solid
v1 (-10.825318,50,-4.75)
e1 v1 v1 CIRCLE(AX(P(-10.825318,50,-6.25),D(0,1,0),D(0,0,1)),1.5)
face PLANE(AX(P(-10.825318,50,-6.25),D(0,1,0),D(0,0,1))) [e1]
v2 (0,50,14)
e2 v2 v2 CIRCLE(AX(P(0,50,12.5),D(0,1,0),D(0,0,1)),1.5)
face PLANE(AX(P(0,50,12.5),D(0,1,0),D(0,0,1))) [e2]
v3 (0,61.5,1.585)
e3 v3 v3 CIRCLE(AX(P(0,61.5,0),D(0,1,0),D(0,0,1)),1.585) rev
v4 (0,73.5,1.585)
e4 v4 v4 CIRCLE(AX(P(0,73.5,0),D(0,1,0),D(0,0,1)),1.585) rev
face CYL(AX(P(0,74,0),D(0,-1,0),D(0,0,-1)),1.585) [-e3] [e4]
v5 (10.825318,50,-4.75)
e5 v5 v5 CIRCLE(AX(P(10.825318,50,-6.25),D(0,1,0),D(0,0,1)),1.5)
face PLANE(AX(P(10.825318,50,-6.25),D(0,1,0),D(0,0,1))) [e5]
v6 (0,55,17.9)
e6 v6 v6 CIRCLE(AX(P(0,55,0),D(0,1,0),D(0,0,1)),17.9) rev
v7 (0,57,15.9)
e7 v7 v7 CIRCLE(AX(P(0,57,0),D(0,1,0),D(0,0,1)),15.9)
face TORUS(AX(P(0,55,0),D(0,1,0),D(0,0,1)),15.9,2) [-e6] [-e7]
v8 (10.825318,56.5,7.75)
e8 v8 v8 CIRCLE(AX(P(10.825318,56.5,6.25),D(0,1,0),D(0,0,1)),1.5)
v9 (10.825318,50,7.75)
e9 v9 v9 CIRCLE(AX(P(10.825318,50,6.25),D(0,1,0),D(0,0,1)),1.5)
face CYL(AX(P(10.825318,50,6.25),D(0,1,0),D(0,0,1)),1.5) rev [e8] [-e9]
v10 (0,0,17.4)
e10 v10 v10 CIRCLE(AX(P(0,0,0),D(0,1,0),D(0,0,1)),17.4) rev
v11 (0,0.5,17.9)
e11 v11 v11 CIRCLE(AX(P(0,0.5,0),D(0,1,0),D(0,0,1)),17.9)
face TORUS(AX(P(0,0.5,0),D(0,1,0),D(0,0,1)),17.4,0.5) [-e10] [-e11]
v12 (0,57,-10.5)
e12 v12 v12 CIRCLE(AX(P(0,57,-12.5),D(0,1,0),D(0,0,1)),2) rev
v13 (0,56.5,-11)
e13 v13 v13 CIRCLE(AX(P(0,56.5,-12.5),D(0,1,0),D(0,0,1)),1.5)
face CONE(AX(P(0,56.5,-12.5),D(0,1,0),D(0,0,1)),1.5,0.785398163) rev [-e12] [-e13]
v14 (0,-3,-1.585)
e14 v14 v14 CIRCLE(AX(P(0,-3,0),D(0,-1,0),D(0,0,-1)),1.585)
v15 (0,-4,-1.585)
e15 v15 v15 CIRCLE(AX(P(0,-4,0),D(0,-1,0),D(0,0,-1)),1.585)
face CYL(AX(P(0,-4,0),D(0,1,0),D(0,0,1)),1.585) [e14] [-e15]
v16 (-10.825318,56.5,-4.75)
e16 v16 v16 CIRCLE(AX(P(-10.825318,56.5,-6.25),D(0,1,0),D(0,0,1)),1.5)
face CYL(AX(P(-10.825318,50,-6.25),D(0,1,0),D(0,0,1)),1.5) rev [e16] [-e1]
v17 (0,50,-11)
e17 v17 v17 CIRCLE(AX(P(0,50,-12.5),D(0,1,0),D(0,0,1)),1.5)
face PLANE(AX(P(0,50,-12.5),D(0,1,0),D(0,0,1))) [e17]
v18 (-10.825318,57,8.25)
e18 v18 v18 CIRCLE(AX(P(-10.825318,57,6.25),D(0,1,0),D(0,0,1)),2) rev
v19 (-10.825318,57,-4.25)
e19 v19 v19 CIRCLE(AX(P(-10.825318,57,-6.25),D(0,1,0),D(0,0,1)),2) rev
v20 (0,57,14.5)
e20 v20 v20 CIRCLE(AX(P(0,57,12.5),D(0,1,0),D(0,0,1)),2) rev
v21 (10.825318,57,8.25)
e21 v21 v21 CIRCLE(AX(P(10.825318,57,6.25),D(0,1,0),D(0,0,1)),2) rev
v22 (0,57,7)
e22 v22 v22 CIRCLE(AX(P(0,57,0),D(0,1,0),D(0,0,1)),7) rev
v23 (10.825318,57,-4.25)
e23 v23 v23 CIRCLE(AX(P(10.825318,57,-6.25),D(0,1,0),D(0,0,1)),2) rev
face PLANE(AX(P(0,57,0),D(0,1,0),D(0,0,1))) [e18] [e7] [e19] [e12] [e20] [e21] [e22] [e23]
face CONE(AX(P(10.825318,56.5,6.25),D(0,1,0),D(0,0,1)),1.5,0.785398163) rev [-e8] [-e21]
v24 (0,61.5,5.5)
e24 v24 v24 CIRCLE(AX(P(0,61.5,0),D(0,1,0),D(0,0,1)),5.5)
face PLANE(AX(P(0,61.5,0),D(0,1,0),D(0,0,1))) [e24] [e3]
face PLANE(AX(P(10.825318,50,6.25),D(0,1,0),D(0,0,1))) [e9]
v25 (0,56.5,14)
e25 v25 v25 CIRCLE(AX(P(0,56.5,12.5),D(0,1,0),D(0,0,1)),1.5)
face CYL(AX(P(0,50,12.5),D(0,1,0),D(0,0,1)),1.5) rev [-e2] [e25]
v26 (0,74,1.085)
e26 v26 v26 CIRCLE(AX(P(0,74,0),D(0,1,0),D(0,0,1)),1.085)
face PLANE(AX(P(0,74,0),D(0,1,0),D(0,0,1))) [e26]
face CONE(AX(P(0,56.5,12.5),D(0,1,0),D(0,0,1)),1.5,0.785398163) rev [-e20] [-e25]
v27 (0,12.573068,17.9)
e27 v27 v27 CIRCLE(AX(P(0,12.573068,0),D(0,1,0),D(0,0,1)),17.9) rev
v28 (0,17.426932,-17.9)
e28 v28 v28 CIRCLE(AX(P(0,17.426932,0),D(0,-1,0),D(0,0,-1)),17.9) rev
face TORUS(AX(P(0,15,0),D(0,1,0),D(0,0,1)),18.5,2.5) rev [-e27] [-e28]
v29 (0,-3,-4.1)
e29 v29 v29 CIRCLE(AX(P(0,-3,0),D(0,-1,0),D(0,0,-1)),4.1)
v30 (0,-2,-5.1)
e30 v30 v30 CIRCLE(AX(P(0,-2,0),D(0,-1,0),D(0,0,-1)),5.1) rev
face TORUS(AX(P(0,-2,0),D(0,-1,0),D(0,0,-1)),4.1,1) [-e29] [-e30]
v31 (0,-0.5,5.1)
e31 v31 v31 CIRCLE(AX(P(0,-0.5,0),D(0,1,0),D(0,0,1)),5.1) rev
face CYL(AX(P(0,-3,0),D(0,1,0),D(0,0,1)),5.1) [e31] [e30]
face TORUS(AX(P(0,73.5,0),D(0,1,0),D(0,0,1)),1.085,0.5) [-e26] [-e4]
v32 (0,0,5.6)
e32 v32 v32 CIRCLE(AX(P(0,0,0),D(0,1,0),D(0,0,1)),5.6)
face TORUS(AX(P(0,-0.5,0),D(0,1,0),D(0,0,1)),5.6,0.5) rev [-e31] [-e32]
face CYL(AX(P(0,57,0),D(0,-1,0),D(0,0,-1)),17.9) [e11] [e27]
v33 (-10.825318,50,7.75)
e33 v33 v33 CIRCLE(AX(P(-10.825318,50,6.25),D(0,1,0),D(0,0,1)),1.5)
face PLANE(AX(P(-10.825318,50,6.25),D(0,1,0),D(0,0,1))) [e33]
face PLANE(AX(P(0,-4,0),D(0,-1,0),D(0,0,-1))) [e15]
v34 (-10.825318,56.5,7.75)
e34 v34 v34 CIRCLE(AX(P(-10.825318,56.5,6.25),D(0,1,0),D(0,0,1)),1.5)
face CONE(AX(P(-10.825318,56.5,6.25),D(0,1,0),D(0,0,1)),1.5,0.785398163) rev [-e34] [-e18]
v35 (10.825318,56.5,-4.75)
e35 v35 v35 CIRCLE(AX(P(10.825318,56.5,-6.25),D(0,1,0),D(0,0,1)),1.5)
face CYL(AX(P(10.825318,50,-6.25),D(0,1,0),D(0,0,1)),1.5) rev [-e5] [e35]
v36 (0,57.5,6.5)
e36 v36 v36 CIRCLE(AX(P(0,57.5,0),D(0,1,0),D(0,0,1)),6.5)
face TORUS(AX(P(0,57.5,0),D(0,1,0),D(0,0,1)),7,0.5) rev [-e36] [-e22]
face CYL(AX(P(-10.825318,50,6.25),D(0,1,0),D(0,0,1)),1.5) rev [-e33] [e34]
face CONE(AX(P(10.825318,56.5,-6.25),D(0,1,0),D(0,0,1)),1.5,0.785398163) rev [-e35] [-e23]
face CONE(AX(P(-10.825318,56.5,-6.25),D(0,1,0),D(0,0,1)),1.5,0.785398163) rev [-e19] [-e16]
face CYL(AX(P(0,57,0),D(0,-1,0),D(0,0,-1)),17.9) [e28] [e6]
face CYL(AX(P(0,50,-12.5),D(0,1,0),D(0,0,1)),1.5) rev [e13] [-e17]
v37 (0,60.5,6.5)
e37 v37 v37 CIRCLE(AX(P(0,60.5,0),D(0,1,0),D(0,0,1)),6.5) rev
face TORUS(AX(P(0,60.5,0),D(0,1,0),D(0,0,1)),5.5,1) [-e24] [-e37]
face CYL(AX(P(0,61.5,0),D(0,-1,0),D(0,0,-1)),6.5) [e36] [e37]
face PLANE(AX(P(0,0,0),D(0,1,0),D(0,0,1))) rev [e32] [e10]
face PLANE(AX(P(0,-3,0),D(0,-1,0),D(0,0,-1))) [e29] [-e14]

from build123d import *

# Parameters (mm, degrees)
SKETCH1_R           = 17.9
BOSS_EXTRUDE1_DEPTH = 57
SKETCH3_R           = 6.5
BOSS_EXTRUDE3_DEPTH = 4.5
SKETCH4_R           = 1.585
BOSS_EXTRUDE4_DEPTH = 17
SKETCH5_R           = 2.5
SKETCH6_R           = 5.1
BOSS_EXTRUDE5_DEPTH = 3
SKETCH7_R           = 1.585
BOSS_EXTRUDE6_DEPTH = 1
SKETCH8_R           = 1.5
CUT_EXTRUDE1_DEPTH  = 7
CHAMFER1_SIZE       = 0.5
FILLET2_R           = 1
FILLET1_R           = 2
FILLET3_R           = 0.5


with BuildPart() as part:
    # Sketch1 → Boss-Extrude1 (new body)
    with BuildSketch(Plane(origin=(0, 0, 0), x_dir=(1, 0, 0), z_dir=(0, 1, 0))):
        Circle(SKETCH1_R)
    extrude(amount=BOSS_EXTRUDE1_DEPTH)

    # Sketch3 → Boss-Extrude3 (add)
    with BuildSketch(Plane(origin=(0, 57, 0), x_dir=(1, 0, 0), z_dir=(0, 1, 0))):
        Circle(SKETCH3_R)
    extrude(amount=BOSS_EXTRUDE3_DEPTH)

    # Sketch4 → Boss-Extrude4 (add)
    with BuildSketch(Plane(origin=(0, 57, 0), x_dir=(1, 0, 0), z_dir=(0, 1, 0))):
        Circle(SKETCH4_R)
    extrude(amount=BOSS_EXTRUDE4_DEPTH)

    # Sketch5 → Cut-Revolve1 (revolve, cut)
    with BuildSketch(Plane.XY):
        with Locations((-18.5, 15)):
            Circle(SKETCH5_R)
    revolve(axis=Axis((0, 74, 0), (0, -1, 0)), mode=Mode.SUBTRACT)

    # Sketch6 → Boss-Extrude5 (add)
    with BuildSketch(Plane.XZ):
        Circle(SKETCH6_R)
    extrude(amount=BOSS_EXTRUDE5_DEPTH)

    # Sketch7 → Boss-Extrude6 (add)
    with BuildSketch(Plane.XZ.offset(3)):
        Circle(SKETCH7_R)
    extrude(amount=BOSS_EXTRUDE6_DEPTH)

    # Sketch8 → Cut-Extrude1 (cut)
    with BuildSketch(Plane(origin=(0, 57, 0), x_dir=(1, 0, 0), z_dir=(0, 1, 0))):
        with Locations((0, -12.5)):
            Circle(SKETCH8_R)
        with Locations((-10.825317547, -6.25)):
            Circle(SKETCH8_R)
        with Locations((-10.825317547, 6.25)):
            Circle(SKETCH8_R)
        with Locations((0, 12.5)):
            Circle(SKETCH8_R)
        with Locations((10.825317547, 6.25)):
            Circle(SKETCH8_R)
        with Locations((10.825317547, -6.25)):
            Circle(SKETCH8_R)
    extrude(amount=-CUT_EXTRUDE1_DEPTH, mode=Mode.SUBTRACT)

    # Chamfer1
    chamfer1_edges = [part.edges().sort_by_distance(p)[0] for p in [
        (-1.5, 57, 12.5),
        (9.325317547, 57, 6.25),
        (9.325317547, 57, -6.25),
        (-1.5, 57, -12.5),
        (-12.325317547, 57, -6.25),
        (-12.325317547, 57, 6.25),
    ]]
    chamfer(chamfer1_edges, length=CHAMFER1_SIZE)

    # Fillet2
    fillet2_edges = [part.edges().sort_by_distance(p)[0] for p in [
        (-5.1, -3, 0),
        (-6.5, 61.5, 0),
    ]]
    fillet(fillet2_edges, radius=FILLET2_R)

    # Fillet1
    fillet1_edges = [part.edges().sort_by_distance(p)[0] for p in [
        (-17.9, 57, 0),
    ]]
    fillet(fillet1_edges, radius=FILLET1_R)

    # Fillet3
    fillet3_edges = [part.edges().sort_by_distance(p)[0] for p in [
        (-1.585, 74, 0),
        (-17.9, 0, 0),
        (-5.1, 0, 0),
        (-6.5, 57, 0),
    ]]
    fillet(fillet3_edges, radius=FILLET3_R)


solid = part.part
